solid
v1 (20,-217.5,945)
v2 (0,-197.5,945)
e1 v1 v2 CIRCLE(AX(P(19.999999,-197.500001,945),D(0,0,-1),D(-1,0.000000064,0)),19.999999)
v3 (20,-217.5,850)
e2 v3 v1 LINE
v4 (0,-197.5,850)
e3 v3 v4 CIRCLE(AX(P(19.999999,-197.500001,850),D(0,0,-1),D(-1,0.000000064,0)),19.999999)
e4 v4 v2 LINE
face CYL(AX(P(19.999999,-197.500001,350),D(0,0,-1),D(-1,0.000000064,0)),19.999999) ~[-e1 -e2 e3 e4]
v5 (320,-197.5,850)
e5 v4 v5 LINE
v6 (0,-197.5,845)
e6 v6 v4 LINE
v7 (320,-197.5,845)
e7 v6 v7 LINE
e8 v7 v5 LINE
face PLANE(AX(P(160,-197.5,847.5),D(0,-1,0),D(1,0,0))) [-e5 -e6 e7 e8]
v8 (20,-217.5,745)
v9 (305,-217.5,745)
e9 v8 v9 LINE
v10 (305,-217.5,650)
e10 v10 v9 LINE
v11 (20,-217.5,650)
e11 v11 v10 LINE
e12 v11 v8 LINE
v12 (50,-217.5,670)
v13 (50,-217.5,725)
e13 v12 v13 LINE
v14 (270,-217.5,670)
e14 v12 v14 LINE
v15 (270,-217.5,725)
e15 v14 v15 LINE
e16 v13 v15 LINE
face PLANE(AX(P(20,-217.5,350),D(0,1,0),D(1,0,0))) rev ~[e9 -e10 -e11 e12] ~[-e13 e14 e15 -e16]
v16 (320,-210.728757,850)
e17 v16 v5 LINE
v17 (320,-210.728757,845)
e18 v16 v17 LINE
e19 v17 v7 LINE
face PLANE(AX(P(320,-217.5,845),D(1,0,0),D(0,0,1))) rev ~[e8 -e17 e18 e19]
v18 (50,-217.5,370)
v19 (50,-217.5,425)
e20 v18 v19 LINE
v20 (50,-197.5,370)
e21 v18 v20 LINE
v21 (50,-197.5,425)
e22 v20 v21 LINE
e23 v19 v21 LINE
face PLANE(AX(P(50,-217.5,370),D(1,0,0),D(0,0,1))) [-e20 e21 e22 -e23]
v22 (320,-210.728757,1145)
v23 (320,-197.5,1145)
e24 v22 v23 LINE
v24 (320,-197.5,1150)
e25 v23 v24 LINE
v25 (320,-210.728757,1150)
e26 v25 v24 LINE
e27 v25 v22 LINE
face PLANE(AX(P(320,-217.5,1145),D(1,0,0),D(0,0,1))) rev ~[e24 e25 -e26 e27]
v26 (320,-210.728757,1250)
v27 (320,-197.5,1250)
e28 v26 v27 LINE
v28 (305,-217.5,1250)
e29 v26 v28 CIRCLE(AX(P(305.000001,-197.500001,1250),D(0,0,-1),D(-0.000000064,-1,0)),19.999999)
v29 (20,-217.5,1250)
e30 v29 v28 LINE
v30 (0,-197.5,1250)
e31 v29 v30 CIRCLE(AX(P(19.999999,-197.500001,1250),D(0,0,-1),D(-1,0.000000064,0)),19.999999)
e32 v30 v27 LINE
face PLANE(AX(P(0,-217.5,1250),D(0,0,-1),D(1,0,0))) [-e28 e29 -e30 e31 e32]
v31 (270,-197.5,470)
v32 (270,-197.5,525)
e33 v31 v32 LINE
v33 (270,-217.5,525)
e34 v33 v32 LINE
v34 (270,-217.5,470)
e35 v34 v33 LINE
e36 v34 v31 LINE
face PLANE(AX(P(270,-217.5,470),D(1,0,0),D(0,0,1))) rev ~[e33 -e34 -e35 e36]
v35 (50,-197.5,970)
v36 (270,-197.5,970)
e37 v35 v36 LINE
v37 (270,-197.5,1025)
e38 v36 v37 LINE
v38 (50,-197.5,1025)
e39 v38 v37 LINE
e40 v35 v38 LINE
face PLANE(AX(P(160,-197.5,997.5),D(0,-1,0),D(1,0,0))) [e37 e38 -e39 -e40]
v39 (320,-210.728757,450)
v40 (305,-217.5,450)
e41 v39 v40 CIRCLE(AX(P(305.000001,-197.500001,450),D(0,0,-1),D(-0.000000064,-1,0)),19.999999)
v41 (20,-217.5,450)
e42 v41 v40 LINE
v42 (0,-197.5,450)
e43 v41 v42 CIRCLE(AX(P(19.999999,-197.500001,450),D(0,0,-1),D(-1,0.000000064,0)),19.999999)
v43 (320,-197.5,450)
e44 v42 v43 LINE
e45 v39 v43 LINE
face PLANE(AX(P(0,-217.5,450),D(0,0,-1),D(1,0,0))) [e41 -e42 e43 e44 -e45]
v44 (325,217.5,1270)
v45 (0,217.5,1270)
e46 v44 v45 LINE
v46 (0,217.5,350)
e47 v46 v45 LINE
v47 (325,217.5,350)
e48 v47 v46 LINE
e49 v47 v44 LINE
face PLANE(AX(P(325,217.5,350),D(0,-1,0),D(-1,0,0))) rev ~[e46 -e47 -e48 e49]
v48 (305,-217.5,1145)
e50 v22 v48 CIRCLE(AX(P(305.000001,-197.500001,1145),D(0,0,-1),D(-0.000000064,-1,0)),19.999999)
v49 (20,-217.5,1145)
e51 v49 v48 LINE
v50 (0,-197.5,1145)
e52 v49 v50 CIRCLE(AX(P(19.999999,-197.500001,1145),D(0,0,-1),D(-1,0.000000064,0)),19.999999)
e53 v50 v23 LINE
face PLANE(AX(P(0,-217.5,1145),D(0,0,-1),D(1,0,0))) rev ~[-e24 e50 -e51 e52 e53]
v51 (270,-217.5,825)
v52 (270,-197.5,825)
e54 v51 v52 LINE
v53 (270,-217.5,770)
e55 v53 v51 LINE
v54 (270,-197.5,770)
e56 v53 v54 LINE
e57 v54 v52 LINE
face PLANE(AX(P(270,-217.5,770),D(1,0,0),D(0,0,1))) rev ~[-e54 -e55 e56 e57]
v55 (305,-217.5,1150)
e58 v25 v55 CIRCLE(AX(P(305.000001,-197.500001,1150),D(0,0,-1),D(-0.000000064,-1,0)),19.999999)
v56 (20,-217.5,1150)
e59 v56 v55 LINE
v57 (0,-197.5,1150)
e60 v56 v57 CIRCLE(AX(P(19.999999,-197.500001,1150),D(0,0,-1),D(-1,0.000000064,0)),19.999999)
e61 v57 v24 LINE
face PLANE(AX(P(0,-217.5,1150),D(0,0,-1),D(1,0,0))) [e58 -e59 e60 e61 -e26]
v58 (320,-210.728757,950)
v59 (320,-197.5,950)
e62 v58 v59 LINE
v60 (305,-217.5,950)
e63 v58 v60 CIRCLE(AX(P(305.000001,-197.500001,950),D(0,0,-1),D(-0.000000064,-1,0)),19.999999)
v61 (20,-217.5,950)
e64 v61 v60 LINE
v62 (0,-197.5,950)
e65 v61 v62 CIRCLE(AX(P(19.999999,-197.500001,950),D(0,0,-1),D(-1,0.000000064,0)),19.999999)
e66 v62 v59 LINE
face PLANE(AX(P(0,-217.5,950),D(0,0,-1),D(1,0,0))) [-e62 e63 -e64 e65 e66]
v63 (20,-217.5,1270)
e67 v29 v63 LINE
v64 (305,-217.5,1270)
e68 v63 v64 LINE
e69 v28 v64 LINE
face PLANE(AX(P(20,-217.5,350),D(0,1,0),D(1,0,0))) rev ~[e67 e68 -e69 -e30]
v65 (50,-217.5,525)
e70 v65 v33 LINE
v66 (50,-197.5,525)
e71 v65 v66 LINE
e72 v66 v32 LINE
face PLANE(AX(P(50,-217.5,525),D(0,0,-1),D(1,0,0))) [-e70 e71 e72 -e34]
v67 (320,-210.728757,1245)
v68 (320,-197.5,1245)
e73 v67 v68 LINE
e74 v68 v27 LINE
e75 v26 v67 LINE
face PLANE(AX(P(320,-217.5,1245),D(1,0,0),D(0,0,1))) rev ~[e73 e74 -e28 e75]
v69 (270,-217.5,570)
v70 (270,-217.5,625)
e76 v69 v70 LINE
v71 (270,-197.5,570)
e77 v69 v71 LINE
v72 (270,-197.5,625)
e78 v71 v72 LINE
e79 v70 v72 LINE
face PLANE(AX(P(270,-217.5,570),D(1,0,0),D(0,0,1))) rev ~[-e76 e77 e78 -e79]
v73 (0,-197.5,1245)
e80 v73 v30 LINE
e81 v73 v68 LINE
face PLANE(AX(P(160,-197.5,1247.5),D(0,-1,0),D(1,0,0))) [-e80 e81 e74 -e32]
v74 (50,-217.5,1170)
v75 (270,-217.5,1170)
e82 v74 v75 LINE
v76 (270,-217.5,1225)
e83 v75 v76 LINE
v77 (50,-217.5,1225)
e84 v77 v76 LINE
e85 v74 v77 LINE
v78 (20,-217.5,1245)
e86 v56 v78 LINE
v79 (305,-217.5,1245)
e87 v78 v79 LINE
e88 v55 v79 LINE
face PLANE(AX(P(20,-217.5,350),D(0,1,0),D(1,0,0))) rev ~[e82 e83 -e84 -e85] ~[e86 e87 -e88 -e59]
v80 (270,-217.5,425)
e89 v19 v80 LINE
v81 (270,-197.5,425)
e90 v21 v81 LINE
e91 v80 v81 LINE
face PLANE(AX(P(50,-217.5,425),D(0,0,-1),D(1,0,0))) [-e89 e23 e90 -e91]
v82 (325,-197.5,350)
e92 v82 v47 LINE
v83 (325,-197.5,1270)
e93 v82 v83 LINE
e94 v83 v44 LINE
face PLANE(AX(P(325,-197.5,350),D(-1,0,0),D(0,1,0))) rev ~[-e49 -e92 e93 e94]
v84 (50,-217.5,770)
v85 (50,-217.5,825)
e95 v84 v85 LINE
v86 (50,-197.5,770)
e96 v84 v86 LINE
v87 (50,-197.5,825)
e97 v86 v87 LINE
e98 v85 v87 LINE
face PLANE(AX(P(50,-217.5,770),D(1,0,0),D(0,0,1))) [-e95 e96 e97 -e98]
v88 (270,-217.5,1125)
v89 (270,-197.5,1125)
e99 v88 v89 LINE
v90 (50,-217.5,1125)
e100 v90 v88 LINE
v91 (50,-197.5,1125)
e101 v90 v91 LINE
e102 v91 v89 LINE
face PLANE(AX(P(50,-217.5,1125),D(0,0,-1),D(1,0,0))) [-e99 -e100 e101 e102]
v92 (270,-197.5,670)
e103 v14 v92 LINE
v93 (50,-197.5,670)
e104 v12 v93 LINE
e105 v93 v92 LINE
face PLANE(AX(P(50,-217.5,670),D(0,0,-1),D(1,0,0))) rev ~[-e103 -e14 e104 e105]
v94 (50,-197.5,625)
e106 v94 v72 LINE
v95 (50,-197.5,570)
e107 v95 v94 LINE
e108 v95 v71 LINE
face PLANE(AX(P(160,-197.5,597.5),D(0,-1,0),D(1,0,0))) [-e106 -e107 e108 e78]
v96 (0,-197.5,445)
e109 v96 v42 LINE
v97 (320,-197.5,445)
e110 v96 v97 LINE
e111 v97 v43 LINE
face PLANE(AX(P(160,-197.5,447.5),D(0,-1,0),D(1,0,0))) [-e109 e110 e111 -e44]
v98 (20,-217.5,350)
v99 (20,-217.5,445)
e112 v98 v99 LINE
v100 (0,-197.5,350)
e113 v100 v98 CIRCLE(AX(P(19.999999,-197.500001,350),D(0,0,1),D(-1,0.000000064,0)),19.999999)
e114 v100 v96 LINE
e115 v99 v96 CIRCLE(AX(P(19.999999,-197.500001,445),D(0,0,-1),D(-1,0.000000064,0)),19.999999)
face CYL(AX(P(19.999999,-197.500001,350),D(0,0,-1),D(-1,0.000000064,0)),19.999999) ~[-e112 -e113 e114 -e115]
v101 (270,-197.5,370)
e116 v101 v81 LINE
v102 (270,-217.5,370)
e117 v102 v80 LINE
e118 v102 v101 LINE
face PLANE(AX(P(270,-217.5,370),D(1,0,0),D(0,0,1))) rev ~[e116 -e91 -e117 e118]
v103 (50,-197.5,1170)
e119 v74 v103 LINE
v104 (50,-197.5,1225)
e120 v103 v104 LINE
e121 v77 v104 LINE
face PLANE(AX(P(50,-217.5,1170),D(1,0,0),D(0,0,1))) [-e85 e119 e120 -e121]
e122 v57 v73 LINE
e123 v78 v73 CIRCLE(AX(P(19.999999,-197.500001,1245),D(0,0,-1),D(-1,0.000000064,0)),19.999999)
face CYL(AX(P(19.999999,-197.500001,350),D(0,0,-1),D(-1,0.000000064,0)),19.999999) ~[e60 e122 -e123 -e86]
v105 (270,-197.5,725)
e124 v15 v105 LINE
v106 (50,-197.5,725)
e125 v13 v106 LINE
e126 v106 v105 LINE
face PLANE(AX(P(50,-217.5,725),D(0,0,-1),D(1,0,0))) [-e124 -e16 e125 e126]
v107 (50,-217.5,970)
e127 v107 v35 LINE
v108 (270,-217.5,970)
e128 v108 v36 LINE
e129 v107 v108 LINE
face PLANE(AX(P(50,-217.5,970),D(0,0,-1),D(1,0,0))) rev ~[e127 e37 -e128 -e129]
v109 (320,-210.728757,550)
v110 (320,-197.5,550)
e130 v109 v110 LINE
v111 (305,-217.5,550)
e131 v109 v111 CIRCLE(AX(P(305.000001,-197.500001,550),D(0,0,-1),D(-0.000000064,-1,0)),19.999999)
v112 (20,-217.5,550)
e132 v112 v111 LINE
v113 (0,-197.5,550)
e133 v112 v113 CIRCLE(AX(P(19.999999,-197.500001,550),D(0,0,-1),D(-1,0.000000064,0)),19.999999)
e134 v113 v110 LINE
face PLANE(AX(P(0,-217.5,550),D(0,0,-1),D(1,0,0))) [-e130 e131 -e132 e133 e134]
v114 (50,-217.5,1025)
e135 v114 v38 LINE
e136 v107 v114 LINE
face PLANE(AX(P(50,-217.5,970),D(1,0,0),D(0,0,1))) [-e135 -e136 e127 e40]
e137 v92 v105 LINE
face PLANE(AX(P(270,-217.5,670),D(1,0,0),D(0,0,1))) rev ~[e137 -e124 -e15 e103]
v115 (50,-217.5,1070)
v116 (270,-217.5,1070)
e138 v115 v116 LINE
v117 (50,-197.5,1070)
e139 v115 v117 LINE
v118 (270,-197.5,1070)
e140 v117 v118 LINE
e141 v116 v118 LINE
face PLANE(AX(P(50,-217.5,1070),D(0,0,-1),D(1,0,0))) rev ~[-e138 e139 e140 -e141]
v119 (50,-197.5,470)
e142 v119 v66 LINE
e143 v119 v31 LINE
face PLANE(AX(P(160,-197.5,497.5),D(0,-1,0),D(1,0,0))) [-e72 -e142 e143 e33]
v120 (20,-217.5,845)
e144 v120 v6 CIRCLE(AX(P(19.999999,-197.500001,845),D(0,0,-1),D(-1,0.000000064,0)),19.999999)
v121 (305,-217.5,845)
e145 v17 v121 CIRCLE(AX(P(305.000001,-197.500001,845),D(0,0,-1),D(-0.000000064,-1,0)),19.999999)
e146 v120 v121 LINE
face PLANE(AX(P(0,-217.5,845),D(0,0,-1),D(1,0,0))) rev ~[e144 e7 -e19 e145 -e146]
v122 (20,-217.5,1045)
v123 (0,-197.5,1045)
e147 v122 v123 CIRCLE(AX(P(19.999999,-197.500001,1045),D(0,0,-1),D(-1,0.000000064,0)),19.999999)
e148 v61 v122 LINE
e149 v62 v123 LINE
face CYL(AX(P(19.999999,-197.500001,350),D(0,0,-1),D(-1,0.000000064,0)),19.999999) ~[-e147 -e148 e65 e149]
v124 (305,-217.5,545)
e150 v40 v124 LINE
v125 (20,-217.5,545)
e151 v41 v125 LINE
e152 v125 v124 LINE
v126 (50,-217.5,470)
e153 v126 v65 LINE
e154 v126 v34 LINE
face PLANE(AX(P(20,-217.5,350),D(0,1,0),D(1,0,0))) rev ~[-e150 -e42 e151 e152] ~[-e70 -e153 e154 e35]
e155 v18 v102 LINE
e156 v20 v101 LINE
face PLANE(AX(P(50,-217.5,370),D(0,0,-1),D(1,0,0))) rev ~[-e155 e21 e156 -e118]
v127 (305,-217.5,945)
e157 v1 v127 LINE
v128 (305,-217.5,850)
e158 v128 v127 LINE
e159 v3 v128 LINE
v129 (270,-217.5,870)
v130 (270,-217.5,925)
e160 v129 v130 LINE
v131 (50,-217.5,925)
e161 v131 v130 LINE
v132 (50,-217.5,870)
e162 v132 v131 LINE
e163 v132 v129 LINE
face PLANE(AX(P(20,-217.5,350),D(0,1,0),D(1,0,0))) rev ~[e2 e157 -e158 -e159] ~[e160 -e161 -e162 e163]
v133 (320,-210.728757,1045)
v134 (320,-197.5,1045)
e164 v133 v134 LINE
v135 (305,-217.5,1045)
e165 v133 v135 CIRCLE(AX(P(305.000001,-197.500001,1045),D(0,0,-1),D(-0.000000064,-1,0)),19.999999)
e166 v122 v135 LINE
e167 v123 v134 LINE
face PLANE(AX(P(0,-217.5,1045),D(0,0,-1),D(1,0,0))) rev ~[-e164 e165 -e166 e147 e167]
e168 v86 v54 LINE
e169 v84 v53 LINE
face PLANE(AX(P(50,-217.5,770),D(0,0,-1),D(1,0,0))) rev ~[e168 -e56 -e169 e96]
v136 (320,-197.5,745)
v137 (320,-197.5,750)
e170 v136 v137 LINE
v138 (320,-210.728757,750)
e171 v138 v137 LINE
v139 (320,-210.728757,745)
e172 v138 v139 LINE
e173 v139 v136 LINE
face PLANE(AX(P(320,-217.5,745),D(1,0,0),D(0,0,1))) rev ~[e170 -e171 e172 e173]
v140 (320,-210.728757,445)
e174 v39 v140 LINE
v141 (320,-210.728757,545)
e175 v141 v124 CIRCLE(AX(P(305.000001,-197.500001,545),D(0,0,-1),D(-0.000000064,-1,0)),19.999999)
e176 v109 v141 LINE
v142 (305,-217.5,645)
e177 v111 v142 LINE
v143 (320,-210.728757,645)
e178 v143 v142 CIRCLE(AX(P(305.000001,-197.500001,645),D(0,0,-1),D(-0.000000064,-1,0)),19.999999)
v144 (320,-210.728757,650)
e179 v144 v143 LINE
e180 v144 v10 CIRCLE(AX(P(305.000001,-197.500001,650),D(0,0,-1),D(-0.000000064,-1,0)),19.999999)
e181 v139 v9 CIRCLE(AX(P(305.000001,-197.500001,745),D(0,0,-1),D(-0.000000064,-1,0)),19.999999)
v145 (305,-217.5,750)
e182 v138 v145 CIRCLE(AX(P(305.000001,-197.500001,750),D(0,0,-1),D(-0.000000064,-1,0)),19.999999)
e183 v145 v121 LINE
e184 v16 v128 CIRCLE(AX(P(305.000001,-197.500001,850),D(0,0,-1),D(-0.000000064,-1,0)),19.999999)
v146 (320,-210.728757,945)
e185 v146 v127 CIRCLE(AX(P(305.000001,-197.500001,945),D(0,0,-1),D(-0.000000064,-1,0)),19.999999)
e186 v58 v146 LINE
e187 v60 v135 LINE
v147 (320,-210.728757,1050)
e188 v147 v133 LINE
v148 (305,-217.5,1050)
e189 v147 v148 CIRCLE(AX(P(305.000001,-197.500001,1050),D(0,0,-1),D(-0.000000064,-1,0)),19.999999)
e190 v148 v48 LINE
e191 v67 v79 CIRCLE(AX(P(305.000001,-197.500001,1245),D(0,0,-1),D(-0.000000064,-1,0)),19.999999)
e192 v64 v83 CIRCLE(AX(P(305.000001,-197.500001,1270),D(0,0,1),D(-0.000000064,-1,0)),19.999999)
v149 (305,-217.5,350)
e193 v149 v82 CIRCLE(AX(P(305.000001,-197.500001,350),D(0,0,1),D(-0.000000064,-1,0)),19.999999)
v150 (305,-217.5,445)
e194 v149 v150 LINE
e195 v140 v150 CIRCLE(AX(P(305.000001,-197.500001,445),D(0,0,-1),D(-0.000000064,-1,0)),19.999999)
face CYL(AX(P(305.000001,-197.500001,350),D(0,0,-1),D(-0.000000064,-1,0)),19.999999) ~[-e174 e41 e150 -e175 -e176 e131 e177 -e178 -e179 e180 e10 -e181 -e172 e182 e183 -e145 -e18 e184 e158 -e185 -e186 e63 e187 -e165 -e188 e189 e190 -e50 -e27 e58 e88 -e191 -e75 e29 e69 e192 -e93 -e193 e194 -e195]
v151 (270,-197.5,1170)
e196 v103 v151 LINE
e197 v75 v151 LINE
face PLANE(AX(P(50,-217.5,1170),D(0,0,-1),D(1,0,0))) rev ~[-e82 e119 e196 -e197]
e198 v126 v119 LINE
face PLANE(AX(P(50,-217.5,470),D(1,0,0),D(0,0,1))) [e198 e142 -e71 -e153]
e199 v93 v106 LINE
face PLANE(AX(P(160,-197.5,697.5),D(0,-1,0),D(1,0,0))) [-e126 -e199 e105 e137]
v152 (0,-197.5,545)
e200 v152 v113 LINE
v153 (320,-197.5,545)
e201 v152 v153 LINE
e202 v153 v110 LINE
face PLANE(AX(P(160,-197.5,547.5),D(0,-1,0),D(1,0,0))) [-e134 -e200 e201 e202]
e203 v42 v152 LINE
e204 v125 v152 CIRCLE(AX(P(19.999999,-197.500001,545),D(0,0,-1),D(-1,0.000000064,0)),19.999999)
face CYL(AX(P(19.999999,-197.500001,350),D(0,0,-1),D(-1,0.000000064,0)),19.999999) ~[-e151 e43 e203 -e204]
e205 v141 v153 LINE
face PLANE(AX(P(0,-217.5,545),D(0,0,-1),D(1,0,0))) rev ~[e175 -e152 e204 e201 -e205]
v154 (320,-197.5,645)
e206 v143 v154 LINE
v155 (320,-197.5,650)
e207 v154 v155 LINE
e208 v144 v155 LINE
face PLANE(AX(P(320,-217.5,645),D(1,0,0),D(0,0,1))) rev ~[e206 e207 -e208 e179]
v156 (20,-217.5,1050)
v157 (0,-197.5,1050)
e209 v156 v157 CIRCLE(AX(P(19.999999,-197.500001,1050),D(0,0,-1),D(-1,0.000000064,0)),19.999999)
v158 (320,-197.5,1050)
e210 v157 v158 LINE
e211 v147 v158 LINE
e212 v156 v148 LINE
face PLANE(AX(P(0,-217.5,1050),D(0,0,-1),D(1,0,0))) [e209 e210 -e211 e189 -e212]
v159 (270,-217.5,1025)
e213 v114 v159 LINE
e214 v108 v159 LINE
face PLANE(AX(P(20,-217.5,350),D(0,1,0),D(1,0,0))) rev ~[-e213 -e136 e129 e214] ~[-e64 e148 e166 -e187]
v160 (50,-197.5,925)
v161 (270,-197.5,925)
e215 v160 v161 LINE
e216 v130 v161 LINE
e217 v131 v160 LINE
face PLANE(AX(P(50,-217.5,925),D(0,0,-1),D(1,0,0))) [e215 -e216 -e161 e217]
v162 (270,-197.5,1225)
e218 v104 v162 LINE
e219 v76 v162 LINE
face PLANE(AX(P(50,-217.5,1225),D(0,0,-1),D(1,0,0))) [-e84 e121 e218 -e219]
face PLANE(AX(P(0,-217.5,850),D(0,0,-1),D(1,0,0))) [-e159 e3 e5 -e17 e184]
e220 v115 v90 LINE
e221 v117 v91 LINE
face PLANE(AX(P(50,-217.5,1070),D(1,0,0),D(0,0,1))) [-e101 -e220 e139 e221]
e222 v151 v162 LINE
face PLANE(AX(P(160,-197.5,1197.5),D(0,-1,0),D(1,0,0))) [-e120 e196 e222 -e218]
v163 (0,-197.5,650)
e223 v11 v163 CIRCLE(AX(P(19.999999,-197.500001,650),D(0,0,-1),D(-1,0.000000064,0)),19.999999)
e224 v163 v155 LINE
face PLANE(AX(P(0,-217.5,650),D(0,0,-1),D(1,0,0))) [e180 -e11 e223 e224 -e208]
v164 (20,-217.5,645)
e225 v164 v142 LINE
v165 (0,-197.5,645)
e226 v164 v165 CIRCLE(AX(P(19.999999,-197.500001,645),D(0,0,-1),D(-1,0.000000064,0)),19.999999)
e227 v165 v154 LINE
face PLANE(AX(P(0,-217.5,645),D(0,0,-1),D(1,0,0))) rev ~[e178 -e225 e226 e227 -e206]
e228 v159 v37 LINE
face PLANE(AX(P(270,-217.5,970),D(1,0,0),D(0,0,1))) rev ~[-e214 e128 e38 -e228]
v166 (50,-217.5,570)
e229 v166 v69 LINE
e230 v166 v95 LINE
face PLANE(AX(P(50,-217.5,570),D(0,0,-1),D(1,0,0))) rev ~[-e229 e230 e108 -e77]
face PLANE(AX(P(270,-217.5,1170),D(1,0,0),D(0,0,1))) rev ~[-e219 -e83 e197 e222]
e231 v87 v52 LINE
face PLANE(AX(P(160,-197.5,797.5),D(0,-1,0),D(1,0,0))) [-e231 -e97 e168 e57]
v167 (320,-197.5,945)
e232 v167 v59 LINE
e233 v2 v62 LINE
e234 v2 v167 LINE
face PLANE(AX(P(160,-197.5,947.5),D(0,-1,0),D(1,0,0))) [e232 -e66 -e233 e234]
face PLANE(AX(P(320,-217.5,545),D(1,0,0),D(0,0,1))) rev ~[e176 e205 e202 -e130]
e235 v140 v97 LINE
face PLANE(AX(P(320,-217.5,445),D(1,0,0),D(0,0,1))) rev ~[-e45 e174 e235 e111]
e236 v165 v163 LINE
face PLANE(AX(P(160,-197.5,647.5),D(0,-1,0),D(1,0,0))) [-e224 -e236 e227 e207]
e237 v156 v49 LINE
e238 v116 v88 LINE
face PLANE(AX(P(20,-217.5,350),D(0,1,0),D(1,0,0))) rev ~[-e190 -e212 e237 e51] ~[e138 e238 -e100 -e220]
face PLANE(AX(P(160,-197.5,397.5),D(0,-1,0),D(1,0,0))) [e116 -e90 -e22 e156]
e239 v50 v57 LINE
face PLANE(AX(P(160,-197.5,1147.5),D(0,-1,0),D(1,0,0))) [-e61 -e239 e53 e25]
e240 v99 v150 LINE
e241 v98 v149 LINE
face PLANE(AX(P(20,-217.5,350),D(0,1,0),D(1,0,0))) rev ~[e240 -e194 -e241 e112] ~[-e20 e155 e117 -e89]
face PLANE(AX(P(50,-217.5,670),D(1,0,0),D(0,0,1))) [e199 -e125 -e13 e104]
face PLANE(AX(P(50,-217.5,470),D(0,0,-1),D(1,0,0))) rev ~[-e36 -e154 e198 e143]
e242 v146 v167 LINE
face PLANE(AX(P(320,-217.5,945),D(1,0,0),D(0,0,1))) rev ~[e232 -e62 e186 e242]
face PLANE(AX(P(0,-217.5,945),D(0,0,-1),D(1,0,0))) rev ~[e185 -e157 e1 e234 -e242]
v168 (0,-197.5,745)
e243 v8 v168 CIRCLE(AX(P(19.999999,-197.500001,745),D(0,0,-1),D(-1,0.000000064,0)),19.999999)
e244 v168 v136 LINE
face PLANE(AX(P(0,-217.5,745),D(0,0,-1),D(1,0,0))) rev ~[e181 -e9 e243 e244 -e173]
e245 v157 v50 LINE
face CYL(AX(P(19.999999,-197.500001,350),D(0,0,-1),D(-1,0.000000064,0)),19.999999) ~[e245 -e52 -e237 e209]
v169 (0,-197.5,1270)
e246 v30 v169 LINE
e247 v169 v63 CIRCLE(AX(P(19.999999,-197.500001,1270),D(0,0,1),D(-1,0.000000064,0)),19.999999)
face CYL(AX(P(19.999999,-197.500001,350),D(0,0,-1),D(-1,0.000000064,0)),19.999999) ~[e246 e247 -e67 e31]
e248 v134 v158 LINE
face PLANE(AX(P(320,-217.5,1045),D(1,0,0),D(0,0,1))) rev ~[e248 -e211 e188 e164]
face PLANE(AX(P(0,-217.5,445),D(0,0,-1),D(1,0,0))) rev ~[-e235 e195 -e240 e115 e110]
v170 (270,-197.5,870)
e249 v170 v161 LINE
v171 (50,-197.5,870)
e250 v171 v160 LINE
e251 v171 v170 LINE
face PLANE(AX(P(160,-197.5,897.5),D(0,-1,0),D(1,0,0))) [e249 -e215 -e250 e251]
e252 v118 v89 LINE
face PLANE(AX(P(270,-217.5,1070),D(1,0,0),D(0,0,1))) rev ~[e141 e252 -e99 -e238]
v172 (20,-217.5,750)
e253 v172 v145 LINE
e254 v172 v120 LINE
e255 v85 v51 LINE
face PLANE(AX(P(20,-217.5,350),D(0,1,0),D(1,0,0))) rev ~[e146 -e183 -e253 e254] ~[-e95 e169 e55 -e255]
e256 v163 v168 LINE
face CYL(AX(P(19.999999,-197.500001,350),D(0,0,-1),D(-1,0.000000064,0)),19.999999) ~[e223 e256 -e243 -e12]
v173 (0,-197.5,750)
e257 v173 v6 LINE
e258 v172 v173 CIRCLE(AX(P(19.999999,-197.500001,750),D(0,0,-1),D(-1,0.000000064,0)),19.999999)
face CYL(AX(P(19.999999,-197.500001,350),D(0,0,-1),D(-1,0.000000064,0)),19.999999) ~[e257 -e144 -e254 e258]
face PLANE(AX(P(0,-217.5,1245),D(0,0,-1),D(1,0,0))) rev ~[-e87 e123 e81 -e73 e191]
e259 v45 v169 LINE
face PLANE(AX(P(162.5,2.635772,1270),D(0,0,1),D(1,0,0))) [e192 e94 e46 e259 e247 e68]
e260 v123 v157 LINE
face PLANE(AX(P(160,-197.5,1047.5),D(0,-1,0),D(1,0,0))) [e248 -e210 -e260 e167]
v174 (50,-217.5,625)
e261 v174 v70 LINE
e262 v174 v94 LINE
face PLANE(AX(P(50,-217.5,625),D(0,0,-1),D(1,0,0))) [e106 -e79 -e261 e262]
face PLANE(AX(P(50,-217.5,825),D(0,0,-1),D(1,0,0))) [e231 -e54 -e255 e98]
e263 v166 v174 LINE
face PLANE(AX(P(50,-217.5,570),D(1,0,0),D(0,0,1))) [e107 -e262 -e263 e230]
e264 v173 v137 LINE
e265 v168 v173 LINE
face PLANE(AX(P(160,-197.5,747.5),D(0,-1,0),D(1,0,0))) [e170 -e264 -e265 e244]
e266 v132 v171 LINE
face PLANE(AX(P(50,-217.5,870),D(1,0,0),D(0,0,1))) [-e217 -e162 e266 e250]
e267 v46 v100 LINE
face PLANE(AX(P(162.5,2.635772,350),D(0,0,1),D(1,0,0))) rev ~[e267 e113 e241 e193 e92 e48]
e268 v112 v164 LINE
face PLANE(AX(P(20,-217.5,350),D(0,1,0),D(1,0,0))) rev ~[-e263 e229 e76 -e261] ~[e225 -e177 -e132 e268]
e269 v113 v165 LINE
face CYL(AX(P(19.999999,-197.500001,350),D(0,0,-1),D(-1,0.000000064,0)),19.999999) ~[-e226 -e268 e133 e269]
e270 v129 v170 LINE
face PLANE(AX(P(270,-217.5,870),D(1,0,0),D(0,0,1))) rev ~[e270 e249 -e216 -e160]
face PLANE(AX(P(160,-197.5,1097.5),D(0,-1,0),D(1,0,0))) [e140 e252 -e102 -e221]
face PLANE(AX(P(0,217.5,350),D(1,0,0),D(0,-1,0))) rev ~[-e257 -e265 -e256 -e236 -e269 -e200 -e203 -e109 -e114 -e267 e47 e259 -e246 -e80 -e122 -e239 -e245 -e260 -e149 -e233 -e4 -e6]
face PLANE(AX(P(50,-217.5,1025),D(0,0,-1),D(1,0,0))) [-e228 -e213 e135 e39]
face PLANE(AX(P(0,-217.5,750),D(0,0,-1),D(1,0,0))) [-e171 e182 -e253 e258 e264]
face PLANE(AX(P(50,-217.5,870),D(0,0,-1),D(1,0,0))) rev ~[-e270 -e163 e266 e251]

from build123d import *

# Parameters (mm, degrees)
PAD009_DEPTH        = 920
SKETCH017_W         = 220
SKETCH017_H         = 55
SKETCH017_W_2       = 320
SKETCH017_H_2       = 5
POCKET002_DEPTH     = 20
LINEARPATTERN_COUNT = 9
LINEARPATTERN_PITCH = 100


with BuildPart() as part:
    # Sketch016 → Pad009 (new body)
    with BuildSketch(Plane.XY):
        with BuildLine():
            Line((20, 0), (305, 0))
            ThreePointArc((305, 0), (319.142136, 5.857864), (325, 20))
            Line((325, 20), (325, 435))
            Line((325, 435), (0, 435))
            Line((0, 435), (0, 20))
            ThreePointArc((0, 20), (5.857864, 5.857864), (20, 0))
        make_face()
    extrude(amount=PAD009_DEPTH)

    # Sketch017 → Pocket002 (cut)
    with BuildSketch(Plane.XZ):
        with Locations((160, 47.5)):
            Rectangle(SKETCH017_W, SKETCH017_H)
        with Locations((160, 97.5)):
            Rectangle(SKETCH017_W_2, SKETCH017_H_2)
    pocket002 = extrude(amount=-POCKET002_DEPTH, mode=Mode.SUBTRACT)

    # LinearPattern: Pocket002 ×9
    with Locations(*[(0, 0, i * LINEARPATTERN_PITCH) for i in range(1, LINEARPATTERN_COUNT)]):
        add(pocket002, mode=Mode.SUBTRACT)


with BuildPart() as part_1:
    # Clone003 placement: moved
    add(part.part.moved(Location((0, -217.5, 350))))


solid = part_1.part
